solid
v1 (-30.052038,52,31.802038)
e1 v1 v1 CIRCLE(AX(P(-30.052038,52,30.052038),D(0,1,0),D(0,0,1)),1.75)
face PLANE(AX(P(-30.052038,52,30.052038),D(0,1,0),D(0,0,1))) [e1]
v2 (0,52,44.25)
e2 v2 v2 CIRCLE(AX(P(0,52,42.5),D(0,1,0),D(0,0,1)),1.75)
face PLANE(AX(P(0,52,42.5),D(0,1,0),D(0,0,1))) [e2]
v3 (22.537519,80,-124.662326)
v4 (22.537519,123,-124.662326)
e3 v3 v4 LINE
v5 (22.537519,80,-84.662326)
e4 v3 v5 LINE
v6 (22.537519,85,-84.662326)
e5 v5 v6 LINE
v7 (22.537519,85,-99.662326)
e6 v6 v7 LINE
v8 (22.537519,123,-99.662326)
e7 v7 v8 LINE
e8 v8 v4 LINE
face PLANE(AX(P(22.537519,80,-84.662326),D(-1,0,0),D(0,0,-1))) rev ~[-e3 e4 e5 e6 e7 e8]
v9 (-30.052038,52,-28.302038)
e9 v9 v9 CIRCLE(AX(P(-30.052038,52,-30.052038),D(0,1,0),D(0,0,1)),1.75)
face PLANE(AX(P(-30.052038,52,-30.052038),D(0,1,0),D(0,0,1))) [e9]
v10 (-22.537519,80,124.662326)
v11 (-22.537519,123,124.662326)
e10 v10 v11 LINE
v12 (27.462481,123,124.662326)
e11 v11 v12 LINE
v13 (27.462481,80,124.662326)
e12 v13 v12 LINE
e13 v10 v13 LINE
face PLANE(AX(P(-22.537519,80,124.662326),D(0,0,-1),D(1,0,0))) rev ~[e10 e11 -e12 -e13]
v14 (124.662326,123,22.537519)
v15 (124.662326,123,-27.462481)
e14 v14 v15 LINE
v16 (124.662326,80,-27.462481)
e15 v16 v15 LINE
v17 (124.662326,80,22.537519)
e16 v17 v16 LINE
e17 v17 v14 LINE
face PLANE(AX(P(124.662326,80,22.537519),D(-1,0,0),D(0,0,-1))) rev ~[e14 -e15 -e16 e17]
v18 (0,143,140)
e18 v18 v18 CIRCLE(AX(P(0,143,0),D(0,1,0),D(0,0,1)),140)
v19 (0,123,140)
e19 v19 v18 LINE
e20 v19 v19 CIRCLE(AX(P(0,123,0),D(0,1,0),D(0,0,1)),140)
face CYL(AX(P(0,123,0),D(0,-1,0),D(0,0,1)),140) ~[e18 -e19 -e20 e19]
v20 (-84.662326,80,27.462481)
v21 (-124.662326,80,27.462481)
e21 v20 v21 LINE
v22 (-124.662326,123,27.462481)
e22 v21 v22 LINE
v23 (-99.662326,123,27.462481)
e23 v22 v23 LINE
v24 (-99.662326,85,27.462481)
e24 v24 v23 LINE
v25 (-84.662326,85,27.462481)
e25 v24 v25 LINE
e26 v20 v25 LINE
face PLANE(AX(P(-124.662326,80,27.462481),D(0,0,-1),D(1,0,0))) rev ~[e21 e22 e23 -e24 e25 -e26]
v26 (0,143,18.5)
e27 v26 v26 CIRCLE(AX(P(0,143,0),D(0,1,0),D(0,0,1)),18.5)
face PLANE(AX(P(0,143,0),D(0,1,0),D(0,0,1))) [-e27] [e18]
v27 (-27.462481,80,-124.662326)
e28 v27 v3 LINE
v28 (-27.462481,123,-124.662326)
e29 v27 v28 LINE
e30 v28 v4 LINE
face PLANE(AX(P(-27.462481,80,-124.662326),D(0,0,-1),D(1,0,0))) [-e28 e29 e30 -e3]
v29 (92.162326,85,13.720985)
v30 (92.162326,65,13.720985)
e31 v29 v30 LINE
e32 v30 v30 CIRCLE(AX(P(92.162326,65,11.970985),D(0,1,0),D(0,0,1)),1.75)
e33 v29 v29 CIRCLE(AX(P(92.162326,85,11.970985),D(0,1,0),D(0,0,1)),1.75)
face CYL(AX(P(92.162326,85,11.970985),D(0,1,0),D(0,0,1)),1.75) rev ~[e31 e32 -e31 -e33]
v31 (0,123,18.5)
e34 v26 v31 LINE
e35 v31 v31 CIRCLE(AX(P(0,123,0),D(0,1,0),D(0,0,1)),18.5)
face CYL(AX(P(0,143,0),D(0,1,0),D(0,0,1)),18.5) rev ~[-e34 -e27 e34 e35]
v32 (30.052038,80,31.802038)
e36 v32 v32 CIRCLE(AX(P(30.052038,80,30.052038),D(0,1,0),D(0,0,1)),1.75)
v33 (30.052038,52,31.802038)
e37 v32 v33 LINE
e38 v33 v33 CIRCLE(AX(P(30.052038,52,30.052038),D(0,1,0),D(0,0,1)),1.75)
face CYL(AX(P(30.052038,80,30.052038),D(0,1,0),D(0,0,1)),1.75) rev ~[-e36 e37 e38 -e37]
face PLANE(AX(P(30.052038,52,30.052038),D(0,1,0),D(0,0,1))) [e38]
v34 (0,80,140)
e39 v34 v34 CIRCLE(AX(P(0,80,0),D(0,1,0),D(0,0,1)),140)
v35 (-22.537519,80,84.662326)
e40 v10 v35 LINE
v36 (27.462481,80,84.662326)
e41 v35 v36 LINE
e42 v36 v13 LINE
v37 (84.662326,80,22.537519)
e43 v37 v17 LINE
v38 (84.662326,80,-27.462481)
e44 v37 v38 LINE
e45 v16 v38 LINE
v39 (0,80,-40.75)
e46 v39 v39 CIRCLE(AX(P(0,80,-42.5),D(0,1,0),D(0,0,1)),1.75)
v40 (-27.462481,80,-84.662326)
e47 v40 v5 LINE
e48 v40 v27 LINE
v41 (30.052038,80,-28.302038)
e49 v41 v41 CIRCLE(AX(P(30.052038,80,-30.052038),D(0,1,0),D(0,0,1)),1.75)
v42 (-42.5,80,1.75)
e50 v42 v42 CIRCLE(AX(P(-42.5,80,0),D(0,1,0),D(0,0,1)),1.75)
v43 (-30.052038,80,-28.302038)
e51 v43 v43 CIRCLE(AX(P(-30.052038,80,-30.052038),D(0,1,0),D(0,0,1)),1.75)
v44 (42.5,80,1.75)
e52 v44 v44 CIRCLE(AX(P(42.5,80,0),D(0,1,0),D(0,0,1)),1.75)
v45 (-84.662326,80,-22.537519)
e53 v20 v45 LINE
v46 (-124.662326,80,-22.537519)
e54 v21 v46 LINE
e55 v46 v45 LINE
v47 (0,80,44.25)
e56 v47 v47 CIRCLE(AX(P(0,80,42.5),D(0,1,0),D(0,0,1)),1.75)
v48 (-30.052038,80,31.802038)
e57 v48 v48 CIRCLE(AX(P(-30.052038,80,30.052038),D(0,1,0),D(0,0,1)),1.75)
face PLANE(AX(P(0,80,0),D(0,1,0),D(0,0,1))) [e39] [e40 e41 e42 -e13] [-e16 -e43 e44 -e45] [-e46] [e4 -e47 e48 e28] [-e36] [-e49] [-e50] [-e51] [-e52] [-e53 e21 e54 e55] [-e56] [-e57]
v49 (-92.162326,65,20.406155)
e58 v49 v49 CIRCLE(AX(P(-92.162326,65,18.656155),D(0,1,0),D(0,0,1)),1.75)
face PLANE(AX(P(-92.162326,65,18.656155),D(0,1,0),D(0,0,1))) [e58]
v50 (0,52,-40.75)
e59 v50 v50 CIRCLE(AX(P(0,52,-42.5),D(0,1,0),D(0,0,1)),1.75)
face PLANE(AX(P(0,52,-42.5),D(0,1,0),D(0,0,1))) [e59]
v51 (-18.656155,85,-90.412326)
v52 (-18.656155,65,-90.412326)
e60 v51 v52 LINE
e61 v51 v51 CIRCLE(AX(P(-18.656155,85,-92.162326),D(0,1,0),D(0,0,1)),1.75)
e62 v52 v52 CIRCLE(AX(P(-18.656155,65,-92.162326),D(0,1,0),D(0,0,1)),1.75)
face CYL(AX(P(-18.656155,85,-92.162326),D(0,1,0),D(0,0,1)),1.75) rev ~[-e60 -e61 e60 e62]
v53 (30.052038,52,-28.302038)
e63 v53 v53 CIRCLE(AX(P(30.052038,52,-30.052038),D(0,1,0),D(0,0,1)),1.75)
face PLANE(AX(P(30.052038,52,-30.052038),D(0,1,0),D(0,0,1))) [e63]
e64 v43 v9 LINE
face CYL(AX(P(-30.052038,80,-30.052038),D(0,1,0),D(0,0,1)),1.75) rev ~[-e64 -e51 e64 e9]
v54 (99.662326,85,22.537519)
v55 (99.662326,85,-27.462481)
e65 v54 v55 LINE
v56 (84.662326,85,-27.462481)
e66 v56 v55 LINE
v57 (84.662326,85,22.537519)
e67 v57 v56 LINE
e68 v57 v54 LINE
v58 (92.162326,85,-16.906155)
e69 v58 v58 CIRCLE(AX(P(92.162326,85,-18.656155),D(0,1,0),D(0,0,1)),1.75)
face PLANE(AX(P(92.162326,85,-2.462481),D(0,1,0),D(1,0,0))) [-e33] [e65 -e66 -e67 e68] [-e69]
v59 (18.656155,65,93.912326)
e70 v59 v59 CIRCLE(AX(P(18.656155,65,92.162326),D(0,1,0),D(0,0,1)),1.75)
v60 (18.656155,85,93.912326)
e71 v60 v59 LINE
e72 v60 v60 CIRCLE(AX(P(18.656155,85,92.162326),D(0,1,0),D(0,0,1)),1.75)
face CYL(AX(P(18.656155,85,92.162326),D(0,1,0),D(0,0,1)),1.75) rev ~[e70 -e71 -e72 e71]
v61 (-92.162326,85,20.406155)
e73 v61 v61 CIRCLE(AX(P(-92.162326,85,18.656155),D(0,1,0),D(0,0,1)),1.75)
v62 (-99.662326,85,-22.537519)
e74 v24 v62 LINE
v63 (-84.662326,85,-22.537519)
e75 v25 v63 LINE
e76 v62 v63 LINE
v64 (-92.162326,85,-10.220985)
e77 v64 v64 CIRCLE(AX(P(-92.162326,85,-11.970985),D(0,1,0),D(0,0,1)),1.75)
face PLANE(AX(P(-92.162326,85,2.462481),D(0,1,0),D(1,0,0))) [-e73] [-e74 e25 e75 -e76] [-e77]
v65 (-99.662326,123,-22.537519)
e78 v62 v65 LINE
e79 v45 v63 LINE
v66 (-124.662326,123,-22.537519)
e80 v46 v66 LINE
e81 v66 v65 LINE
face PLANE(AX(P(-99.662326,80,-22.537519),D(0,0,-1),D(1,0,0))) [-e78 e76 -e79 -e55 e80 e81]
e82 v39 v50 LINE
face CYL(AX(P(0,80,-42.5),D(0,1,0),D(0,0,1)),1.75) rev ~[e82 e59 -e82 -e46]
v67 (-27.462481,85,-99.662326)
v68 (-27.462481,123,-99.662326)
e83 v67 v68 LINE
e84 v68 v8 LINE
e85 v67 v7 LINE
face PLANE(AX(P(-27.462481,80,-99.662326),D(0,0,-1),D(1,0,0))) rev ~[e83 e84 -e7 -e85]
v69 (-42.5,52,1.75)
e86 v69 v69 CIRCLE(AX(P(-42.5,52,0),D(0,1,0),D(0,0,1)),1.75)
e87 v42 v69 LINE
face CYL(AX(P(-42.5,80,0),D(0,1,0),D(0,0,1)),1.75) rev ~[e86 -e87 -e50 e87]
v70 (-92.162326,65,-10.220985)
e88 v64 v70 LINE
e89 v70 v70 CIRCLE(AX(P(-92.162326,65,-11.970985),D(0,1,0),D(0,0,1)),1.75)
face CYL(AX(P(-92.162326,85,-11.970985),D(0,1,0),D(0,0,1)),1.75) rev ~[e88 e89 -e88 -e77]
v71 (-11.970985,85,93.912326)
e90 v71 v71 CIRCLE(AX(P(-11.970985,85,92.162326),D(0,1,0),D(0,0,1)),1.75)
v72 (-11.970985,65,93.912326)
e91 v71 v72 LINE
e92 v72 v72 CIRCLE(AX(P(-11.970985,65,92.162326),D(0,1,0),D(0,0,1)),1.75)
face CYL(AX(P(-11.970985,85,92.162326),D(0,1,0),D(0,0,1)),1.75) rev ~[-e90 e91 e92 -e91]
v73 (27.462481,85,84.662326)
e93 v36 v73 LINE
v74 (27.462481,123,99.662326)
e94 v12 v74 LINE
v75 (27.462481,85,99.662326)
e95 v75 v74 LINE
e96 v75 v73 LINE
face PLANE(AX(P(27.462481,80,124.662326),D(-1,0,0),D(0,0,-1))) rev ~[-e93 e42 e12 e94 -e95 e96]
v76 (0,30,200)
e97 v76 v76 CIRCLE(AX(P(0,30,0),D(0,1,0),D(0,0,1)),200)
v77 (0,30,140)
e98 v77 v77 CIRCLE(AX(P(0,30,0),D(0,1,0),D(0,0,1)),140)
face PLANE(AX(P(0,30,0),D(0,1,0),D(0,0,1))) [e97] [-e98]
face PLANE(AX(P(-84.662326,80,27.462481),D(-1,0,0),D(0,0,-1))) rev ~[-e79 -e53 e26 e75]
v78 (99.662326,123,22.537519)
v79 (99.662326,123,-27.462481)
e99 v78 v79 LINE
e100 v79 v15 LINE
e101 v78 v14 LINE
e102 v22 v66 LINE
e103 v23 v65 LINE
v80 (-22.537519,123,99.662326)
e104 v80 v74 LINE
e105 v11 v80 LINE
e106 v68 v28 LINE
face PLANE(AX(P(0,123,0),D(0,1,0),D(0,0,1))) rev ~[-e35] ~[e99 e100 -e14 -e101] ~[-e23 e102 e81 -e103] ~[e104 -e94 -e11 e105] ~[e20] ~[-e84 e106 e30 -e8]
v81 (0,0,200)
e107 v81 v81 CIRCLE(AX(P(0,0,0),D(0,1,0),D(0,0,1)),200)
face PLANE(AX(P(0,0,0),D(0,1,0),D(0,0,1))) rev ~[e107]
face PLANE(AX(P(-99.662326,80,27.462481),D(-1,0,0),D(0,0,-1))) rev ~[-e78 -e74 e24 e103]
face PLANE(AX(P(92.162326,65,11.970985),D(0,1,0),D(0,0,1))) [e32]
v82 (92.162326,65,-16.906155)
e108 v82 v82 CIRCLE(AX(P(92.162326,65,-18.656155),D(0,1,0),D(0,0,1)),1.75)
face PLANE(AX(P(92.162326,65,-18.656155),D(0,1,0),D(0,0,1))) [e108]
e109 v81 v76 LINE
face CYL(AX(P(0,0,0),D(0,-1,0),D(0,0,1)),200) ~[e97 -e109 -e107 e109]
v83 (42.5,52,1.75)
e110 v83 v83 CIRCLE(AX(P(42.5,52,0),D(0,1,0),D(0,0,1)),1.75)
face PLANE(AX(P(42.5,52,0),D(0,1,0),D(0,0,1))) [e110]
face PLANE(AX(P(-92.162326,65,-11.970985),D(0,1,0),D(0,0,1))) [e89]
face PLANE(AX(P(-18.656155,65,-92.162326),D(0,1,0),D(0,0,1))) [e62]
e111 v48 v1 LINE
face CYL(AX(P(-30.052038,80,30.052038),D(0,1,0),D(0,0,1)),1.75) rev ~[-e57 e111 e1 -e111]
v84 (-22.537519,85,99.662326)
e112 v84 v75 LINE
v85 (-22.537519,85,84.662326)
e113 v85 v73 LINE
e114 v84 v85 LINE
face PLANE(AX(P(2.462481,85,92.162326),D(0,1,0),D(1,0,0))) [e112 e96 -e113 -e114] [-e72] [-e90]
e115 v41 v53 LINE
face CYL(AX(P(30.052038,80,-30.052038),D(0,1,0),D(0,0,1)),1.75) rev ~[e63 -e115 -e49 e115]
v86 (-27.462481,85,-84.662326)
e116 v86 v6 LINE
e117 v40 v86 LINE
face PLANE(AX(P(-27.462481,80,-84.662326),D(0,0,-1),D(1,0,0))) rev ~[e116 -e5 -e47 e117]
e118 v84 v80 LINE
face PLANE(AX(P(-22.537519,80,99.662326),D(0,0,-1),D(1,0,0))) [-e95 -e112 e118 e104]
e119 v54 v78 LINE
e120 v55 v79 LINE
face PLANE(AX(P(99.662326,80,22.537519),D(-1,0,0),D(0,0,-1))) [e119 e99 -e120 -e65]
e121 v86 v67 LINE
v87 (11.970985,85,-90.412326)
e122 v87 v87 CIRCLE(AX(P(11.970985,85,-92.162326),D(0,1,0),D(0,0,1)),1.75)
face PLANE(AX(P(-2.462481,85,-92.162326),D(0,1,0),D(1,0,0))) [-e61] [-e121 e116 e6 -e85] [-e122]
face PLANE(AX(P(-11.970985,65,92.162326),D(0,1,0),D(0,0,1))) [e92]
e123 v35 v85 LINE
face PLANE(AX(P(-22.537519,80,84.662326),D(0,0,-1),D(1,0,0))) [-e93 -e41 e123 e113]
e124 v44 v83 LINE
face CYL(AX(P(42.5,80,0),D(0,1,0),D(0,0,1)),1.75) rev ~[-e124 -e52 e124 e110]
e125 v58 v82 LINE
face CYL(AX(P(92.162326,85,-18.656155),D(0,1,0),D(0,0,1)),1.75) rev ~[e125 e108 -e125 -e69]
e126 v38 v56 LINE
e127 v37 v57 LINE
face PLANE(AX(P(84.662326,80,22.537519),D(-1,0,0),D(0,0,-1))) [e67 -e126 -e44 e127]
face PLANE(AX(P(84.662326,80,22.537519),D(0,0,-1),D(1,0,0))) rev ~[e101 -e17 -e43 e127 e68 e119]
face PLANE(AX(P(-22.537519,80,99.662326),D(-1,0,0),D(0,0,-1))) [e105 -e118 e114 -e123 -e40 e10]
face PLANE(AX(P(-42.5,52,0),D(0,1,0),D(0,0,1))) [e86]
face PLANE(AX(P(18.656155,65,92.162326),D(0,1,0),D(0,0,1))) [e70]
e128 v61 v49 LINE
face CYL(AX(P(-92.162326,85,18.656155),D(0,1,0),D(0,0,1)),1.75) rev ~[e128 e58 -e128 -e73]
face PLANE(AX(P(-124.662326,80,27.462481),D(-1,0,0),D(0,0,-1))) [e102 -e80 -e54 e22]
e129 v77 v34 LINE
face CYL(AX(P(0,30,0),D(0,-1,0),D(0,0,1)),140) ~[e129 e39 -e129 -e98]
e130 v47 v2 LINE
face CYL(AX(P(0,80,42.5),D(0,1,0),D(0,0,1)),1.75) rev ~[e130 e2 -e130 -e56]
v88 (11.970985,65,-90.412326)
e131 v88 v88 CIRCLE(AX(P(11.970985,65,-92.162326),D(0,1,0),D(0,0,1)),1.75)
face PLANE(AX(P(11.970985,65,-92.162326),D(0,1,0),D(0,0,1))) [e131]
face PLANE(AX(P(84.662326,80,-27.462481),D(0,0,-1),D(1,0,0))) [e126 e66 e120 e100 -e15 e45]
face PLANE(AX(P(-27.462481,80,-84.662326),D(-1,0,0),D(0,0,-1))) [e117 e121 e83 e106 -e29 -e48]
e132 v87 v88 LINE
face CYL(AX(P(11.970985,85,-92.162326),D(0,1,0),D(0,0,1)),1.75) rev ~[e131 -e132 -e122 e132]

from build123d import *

# Parameters (mm, degrees)
SKETCH_1_R          = 200
EXTRUDE_1_DEPTH     = 30
SKETCH_2_R          = 140
EXTRUDE_2_DEPTH     = 50
SKETCH_4_R          = 1.75
CUT_EXTRUDE_1_DEPTH = 28
SKETCH_7_W          = 25
SKETCH_7_H          = 50
SKETCH_7_W_2        = 50
SKETCH_7_H_2        = 25
EXTRUDE_5_DEPTH     = 43
SKETCH_8_W          = 15
SKETCH_8_H          = 50
SKETCH_8_W_2        = 50
SKETCH_8_H_2        = 15
EXTRUDE_6_DEPTH     = 5
SKETCH_9_R          = 1.75
CUT_EXTRUDE_2_DEPTH = 20
SKETCH_10_R         = 140
EXTRUDE_7_DEPTH     = 20
SKETCH_11_R         = 2.5
CUT_EXTRUDE_3_DEPTH = 20
CUT_EXTRUDE_4_REACH = 318.937
SKETCH_13_R         = 18.5


with BuildPart() as part:
    # 草图1 → 凸台-拉伸1 (new body)
    with BuildSketch(Plane(origin=(0, 0, 0), x_dir=(1, 0, 0), z_dir=(0, 1, 0))):
        with Locations(Location((0, 0, 0), (0, 0, 270))):
            Circle(SKETCH_1_R)
    extrude(amount=EXTRUDE_1_DEPTH)

    # 草图2 → 凸台-拉伸2 (add)
    with BuildSketch(Plane(origin=(0, 30, 0), x_dir=(1, 0, 0), z_dir=(0, 1, 0))):
        with Locations(Location((0, 0, 0), (0, 0, 270))):
            Circle(SKETCH_2_R)
    extrude(amount=EXTRUDE_2_DEPTH)

    # 草图4 → 切除-拉伸1 (cut)
    with BuildSketch(Plane(origin=(0, 80, 0), x_dir=(1, 0, 0), z_dir=(0, 1, 0))):
        with Locations(Location((0, -42.5, 0), (0, 0, 270))):
            Circle(SKETCH_4_R)
        with Locations(Location((-30.0520382, -30.0520382, 0), (0, 0, 270))):
            Circle(SKETCH_4_R)
        with Locations(Location((-42.5, 0, 0), (0, 0, 270))):
            Circle(SKETCH_4_R)
        with Locations(Location((-30.0520382, 30.0520382, 0), (0, 0, 270))):
            Circle(SKETCH_4_R)
        with Locations(Location((0, 42.5, 0), (0, 0, 270))):
            Circle(SKETCH_4_R)
        with Locations(Location((30.0520382, 30.0520382, 0), (0, 0, 270))):
            Circle(SKETCH_4_R)
        with Locations(Location((42.5, 0, 0), (0, 0, 270))):
            Circle(SKETCH_4_R)
        with Locations(Location((30.0520382, -30.0520382, 0), (0, 0, 270))):
            Circle(SKETCH_4_R)
    extrude(amount=-CUT_EXTRUDE_1_DEPTH, mode=Mode.SUBTRACT)

    # 草图7 → 凸台-拉伸5 (add)
    with BuildSketch(Plane(origin=(0, 80, 0), x_dir=(1, 0, 0), z_dir=(0, 1, 0))):
        with Locations((-112.162325809, -2.462481049)):
            Rectangle(SKETCH_7_W, SKETCH_7_H)
        with Locations((2.462481049, -112.162325809)):
            Rectangle(SKETCH_7_W_2, SKETCH_7_H_2)
        with Locations((-2.462481049, 112.162325809)):
            Rectangle(SKETCH_7_W_2, SKETCH_7_H_2)
        with Locations((112.162325809, 2.462481049)):
            Rectangle(SKETCH_7_W, SKETCH_7_H)
    extrude(amount=EXTRUDE_5_DEPTH)

    # 草图8 → 凸台-拉伸6 (add)
    with BuildSketch(Plane(origin=(0, 80, 0), x_dir=(1, 0, 0), z_dir=(0, 1, 0))):
        with Locations((92.162325809, 2.462481049)):
            Rectangle(SKETCH_8_W, SKETCH_8_H)
        with Locations((-2.462481049, 92.162325809)):
            Rectangle(SKETCH_8_W_2, SKETCH_8_H_2)
        with Locations((2.462481049, -92.162325809)):
            Rectangle(SKETCH_8_W_2, SKETCH_8_H_2)
        with Locations((-92.162325809, -2.462481049)):
            Rectangle(SKETCH_8_W, SKETCH_8_H)
    extrude(amount=EXTRUDE_6_DEPTH)

    # 草图9 → 切除-拉伸2 (cut)
    with BuildSketch(Plane(origin=(0, 85, 0), x_dir=(1, 0, 0), z_dir=(0, 1, 0))):
        with Locations(Location((18.656155403, -92.162325809, 0), (0, 0, 270))):
            Circle(SKETCH_9_R)
        with Locations(Location((-11.970984699, -92.162325809, 0), (0, 0, 270))):
            Circle(SKETCH_9_R)
        with Locations(Location((-92.162325809, 11.970984699, 0), (0, 0, 270))):
            Circle(SKETCH_9_R)
        with Locations(Location((-92.162325809, -18.656155403, 0), (0, 0, 270))):
            Circle(SKETCH_9_R)
        with Locations(Location((11.970984699, 92.162325809, 0), (0, 0, 270))):
            Circle(SKETCH_9_R)
        with Locations(Location((-18.656155403, 92.162325809, 0), (0, 0, 270))):
            Circle(SKETCH_9_R)
        with Locations(Location((92.162325809, -11.970984699, 0), (0, 0, 270))):
            Circle(SKETCH_9_R)
        with Locations(Location((92.162325809, 18.656155403, 0), (0, 0, 270))):
            Circle(SKETCH_9_R)
    extrude(amount=-CUT_EXTRUDE_2_DEPTH, mode=Mode.SUBTRACT)

    # 草图10 → 凸台-拉伸7 (add)
    with BuildSketch(Plane(origin=(0, 123, 0), x_dir=(1, 0, 0), z_dir=(0, 1, 0))):
        with Locations(Location((0, 0, 0), (0, 0, 270))):
            Circle(SKETCH_10_R)
    extrude(amount=EXTRUDE_7_DEPTH)

    # 草图11 → 切除-拉伸3 (cut)
    with BuildSketch(Plane(origin=(0, 143, 0), x_dir=(1, 0, 0), z_dir=(0, 1, 0))):
        with Locations(Location((0, 0, 0), (0, 0, 270))):
            Circle(SKETCH_11_R)
    extrude(amount=-CUT_EXTRUDE_3_DEPTH, mode=Mode.SUBTRACT)

    # 草图13 → 切除-拉伸4 (cut, up to next)
    with BuildSketch(Plane(origin=(0, 143, 0), x_dir=(1, 0, 0), z_dir=(0, 1, 0)), mode=Mode.PRIVATE) as cut_extrude_4_sk1:
        with Locations(Location((0, 0, 0), (0, 0, 270))):
            Circle(SKETCH_13_R)
    cut_extrude_4_tool1 = extrude(cut_extrude_4_sk1.sketch, amount=-CUT_EXTRUDE_4_REACH, mode=Mode.PRIVATE) & part.part
    add(cut_extrude_4_tool1.solids().sort_by_distance((0, 143, 0))[0], mode=Mode.SUBTRACT)


solid = part.part
